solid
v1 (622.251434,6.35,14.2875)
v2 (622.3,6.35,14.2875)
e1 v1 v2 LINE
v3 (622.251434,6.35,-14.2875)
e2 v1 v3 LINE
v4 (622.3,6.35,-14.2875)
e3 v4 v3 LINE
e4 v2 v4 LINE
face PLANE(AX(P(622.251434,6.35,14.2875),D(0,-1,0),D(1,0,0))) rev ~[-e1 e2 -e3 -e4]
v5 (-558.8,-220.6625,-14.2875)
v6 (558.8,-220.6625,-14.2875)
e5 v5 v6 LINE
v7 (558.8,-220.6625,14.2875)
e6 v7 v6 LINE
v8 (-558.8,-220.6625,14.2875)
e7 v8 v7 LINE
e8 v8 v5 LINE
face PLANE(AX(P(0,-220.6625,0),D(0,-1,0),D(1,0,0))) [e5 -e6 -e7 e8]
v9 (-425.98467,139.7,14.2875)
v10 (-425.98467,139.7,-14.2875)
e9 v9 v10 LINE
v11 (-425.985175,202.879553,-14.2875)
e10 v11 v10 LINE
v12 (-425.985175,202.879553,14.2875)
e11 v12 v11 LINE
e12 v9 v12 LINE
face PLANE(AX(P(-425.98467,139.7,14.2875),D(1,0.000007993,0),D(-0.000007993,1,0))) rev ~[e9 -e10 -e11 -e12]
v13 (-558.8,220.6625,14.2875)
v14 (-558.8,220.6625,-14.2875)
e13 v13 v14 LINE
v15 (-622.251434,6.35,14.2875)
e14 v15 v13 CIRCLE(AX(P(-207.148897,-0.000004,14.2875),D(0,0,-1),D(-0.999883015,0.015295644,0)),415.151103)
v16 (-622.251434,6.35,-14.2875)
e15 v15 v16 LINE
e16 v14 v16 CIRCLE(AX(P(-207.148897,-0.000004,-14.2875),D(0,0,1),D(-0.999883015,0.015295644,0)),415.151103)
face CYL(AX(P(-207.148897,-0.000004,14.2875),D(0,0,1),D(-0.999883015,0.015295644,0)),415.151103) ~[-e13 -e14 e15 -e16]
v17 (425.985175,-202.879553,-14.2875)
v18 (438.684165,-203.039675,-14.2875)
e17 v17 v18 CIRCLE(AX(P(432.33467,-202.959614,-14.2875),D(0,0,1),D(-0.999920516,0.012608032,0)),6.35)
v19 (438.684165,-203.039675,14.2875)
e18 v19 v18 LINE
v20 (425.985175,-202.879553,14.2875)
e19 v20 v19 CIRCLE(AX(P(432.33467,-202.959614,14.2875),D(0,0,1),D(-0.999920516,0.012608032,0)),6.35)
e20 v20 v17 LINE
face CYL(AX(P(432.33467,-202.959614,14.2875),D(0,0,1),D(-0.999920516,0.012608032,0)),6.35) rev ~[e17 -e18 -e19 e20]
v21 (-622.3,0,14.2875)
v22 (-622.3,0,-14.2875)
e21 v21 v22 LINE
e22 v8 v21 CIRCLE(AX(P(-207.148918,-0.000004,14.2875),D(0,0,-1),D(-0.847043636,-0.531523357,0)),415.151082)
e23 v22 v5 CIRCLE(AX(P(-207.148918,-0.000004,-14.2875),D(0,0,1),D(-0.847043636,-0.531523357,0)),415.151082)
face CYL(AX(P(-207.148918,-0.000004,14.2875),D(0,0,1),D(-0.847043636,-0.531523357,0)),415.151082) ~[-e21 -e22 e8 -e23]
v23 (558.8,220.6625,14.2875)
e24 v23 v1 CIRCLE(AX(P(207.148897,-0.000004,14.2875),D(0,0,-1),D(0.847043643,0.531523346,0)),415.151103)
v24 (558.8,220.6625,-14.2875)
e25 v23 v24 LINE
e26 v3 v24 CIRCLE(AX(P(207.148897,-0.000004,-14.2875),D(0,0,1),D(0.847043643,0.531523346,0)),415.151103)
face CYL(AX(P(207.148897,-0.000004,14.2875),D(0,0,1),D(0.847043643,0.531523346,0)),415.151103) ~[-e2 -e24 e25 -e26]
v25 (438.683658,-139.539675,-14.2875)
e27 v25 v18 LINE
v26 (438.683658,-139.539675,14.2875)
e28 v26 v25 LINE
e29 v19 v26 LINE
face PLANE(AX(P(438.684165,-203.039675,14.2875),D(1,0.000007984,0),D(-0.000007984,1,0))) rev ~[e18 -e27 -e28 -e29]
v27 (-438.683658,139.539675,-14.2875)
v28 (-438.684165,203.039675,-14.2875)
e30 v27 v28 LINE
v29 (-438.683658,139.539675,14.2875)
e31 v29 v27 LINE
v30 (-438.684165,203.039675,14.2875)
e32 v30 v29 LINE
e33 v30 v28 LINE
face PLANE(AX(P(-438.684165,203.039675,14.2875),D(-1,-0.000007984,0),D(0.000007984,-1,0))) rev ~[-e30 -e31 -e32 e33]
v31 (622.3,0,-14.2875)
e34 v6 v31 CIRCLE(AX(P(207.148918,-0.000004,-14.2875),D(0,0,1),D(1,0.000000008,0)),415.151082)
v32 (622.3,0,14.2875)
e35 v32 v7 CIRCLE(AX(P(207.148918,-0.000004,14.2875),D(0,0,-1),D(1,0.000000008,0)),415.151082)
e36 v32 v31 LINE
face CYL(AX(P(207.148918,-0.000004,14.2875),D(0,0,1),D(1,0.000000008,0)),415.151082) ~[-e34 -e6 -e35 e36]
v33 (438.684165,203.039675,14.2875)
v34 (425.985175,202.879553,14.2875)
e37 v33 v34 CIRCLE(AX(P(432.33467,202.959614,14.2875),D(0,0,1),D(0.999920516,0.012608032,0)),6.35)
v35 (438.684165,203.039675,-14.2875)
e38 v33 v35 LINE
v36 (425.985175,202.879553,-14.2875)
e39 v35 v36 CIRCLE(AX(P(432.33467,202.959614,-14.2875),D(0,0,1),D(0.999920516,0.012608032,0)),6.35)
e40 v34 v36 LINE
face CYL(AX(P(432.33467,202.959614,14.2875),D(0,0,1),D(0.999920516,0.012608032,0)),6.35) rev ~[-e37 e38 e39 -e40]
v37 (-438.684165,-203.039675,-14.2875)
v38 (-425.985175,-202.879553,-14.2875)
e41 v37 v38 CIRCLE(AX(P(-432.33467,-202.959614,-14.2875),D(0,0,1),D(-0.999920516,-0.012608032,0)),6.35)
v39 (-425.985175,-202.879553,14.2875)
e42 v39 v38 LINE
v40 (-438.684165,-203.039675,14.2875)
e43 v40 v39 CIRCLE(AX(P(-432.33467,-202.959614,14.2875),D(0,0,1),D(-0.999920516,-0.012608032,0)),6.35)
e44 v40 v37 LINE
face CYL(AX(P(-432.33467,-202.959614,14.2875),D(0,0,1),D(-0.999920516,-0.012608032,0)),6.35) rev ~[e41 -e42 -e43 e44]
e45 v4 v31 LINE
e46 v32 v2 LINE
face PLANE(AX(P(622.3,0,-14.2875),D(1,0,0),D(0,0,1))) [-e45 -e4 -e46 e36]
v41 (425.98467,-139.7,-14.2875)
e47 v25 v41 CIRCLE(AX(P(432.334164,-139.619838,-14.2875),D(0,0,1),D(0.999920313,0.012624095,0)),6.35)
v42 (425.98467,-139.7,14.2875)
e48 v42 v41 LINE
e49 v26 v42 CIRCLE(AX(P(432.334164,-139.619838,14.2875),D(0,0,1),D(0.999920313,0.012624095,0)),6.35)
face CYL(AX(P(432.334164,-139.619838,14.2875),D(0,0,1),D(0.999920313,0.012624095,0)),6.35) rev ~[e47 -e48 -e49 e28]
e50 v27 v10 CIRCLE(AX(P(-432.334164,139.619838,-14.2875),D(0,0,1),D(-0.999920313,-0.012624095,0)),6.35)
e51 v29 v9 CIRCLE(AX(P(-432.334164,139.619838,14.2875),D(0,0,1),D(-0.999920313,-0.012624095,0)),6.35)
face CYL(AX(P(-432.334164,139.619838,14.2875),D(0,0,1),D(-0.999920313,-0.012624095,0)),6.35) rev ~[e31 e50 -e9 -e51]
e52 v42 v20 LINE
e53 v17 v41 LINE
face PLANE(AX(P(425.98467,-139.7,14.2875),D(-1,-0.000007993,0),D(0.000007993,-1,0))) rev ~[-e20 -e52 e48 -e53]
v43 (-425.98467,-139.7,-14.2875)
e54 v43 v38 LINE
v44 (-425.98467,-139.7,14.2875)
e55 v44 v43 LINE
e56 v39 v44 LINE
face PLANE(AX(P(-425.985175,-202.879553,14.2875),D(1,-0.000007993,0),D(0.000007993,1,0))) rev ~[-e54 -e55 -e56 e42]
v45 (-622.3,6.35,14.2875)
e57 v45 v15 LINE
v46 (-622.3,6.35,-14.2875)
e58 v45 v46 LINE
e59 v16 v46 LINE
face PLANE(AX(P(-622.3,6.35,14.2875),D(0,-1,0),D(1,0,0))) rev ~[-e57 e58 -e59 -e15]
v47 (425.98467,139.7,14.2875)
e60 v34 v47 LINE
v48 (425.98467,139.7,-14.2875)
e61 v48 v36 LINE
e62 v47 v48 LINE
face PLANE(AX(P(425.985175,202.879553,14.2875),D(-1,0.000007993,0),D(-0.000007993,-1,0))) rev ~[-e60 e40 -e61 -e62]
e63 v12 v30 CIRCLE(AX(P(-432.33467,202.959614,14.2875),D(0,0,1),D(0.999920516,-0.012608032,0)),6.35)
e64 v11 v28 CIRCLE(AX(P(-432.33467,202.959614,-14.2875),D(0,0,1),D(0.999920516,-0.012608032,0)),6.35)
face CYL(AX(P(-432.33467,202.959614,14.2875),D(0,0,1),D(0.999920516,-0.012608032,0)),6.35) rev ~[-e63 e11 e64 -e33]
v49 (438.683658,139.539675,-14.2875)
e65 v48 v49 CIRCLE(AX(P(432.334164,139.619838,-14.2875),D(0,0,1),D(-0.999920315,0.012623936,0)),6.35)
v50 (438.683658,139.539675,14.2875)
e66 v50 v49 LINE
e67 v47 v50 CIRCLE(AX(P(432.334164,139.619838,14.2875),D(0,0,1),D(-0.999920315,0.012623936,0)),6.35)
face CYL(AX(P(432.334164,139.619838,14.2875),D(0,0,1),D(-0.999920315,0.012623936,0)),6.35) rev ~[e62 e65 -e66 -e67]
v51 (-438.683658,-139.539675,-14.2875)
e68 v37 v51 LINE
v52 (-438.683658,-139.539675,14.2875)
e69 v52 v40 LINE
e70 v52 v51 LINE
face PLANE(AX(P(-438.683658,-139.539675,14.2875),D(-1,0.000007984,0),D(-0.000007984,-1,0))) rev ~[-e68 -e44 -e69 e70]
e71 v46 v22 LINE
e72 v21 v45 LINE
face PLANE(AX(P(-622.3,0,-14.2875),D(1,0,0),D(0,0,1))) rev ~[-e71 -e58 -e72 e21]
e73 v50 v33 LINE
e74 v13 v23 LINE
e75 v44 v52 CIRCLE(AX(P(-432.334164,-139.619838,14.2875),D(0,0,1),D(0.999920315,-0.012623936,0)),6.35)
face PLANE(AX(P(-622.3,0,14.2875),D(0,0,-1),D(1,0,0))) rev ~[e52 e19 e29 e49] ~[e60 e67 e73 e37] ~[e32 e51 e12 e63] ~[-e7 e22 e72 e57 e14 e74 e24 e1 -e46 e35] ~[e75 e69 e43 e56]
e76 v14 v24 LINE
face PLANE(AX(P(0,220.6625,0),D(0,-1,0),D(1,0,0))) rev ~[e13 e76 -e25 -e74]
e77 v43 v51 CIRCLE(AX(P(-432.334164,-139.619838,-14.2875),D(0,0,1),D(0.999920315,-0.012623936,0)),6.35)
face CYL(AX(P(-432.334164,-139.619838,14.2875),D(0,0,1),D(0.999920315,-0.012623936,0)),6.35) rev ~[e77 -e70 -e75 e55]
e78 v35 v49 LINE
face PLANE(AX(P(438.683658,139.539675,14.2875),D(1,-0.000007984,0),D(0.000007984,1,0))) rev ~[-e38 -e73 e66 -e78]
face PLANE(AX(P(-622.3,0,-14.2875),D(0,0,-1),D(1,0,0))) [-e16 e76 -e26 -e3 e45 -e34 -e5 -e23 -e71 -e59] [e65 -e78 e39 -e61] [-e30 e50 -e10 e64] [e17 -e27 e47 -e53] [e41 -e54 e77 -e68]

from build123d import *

# Parameters (mm, degrees)
F0_W     = 1244.6
F0_H     = 28.575
F1_DEPTH = 220.6625
F3_DEPTH = 50.8
F4_DEPTH = 50.8


with BuildPart() as f1:
    # F0 (on Front) → F1 (new body, symmetric)
    with BuildSketch(Plane.XZ):
        Rectangle(F0_W, F0_H)
    extrude(amount=F1_DEPTH, both=True)

    # F2 (on face) → F3 (cut)
    with BuildSketch(Plane.XY.offset(14.2875)):
        with BuildLine():
            ThreePointArc((-438.683658, 139.539675), (-432.254002, 133.270344), (-425.98467, 139.7))
            Line((-425.98467, 139.7), (-425.985175, 202.879553))
            ThreePointArc((-425.985175, 202.879553), (-432.254609, 209.309109), (-438.684165, 203.039675))
            Line((-438.684165, 203.039675), (-438.683658, 139.539675))
        make_face()
        with BuildLine():
            ThreePointArc((-425.98467, -139.7), (-432.254002, -133.270344), (-438.683658, -139.539675))
            Line((-438.683658, -139.539675), (-438.684165, -203.039675))
            ThreePointArc((-438.684165, -203.039675), (-432.254609, -209.309109), (-425.985175, -202.879553))
            Line((-425.985175, -202.879553), (-425.98467, -139.7))
        make_face()
        with BuildLine():
            ThreePointArc((425.98467, 139.7), (432.254002, 133.270344), (438.683658, 139.539675))
            Line((438.683658, 139.539675), (438.684165, 203.039675))
            ThreePointArc((438.684165, 203.039675), (432.254609, 209.309109), (425.985175, 202.879553))
            Line((425.985175, 202.879553), (425.98467, 139.7))
        make_face()
        with BuildLine():
            Line((438.684165, -203.039675), (438.683658, -139.539675))
            ThreePointArc((438.683658, -139.539675), (432.254002, -133.270344), (425.98467, -139.7))
            Line((425.98467, -139.7), (425.985175, -202.879553))
            ThreePointArc((425.985175, -202.879553), (432.254609, -209.309109), (438.684165, -203.039675))
        make_face()
    extrude(amount=-F3_DEPTH, mode=Mode.SUBTRACT)

    # F2 (on face) → F4 (cut)
    with BuildSketch(Plane.XY.offset(14.2875)):
        with BuildLine():
            ThreePointArc((-558.8, -220.6625), (-606.109285, -114.808742), (-622.3, 0))
            Line((-622.3, 0), (-622.3, -220.6625))
            Line((-622.3, -220.6625), (-558.8, -220.6625))
        make_face()
        with BuildLine():
            Line((-622.3, 6.35), (-622.251434, 6.35))
            ThreePointArc((-622.251434, 6.35), (-605.219554, 117.85665), (-558.8, 220.6625))
            Line((-558.8, 220.6625), (-622.3, 220.6625))
            Line((-622.3, 220.6625), (-622.3, 6.35))
        make_face()
        with BuildLine():
            Line((622.3, -220.6625), (622.3, 0))
            ThreePointArc((622.3, 0), (606.109285, -114.808742), (558.8, -220.6625))
            Line((558.8, -220.6625), (622.3, -220.6625))
        make_face()
        with BuildLine():
            Line((622.251434, 6.35), (622.3, 6.35))
            Line((622.3, 6.35), (622.3, 220.6625))
            Line((622.3, 220.6625), (558.8, 220.6625))
            ThreePointArc((558.8, 220.6625), (605.219554, 117.85665), (622.251434, 6.35))
        make_face()
    extrude(amount=-F4_DEPTH, mode=Mode.SUBTRACT)


solid = f1.part
